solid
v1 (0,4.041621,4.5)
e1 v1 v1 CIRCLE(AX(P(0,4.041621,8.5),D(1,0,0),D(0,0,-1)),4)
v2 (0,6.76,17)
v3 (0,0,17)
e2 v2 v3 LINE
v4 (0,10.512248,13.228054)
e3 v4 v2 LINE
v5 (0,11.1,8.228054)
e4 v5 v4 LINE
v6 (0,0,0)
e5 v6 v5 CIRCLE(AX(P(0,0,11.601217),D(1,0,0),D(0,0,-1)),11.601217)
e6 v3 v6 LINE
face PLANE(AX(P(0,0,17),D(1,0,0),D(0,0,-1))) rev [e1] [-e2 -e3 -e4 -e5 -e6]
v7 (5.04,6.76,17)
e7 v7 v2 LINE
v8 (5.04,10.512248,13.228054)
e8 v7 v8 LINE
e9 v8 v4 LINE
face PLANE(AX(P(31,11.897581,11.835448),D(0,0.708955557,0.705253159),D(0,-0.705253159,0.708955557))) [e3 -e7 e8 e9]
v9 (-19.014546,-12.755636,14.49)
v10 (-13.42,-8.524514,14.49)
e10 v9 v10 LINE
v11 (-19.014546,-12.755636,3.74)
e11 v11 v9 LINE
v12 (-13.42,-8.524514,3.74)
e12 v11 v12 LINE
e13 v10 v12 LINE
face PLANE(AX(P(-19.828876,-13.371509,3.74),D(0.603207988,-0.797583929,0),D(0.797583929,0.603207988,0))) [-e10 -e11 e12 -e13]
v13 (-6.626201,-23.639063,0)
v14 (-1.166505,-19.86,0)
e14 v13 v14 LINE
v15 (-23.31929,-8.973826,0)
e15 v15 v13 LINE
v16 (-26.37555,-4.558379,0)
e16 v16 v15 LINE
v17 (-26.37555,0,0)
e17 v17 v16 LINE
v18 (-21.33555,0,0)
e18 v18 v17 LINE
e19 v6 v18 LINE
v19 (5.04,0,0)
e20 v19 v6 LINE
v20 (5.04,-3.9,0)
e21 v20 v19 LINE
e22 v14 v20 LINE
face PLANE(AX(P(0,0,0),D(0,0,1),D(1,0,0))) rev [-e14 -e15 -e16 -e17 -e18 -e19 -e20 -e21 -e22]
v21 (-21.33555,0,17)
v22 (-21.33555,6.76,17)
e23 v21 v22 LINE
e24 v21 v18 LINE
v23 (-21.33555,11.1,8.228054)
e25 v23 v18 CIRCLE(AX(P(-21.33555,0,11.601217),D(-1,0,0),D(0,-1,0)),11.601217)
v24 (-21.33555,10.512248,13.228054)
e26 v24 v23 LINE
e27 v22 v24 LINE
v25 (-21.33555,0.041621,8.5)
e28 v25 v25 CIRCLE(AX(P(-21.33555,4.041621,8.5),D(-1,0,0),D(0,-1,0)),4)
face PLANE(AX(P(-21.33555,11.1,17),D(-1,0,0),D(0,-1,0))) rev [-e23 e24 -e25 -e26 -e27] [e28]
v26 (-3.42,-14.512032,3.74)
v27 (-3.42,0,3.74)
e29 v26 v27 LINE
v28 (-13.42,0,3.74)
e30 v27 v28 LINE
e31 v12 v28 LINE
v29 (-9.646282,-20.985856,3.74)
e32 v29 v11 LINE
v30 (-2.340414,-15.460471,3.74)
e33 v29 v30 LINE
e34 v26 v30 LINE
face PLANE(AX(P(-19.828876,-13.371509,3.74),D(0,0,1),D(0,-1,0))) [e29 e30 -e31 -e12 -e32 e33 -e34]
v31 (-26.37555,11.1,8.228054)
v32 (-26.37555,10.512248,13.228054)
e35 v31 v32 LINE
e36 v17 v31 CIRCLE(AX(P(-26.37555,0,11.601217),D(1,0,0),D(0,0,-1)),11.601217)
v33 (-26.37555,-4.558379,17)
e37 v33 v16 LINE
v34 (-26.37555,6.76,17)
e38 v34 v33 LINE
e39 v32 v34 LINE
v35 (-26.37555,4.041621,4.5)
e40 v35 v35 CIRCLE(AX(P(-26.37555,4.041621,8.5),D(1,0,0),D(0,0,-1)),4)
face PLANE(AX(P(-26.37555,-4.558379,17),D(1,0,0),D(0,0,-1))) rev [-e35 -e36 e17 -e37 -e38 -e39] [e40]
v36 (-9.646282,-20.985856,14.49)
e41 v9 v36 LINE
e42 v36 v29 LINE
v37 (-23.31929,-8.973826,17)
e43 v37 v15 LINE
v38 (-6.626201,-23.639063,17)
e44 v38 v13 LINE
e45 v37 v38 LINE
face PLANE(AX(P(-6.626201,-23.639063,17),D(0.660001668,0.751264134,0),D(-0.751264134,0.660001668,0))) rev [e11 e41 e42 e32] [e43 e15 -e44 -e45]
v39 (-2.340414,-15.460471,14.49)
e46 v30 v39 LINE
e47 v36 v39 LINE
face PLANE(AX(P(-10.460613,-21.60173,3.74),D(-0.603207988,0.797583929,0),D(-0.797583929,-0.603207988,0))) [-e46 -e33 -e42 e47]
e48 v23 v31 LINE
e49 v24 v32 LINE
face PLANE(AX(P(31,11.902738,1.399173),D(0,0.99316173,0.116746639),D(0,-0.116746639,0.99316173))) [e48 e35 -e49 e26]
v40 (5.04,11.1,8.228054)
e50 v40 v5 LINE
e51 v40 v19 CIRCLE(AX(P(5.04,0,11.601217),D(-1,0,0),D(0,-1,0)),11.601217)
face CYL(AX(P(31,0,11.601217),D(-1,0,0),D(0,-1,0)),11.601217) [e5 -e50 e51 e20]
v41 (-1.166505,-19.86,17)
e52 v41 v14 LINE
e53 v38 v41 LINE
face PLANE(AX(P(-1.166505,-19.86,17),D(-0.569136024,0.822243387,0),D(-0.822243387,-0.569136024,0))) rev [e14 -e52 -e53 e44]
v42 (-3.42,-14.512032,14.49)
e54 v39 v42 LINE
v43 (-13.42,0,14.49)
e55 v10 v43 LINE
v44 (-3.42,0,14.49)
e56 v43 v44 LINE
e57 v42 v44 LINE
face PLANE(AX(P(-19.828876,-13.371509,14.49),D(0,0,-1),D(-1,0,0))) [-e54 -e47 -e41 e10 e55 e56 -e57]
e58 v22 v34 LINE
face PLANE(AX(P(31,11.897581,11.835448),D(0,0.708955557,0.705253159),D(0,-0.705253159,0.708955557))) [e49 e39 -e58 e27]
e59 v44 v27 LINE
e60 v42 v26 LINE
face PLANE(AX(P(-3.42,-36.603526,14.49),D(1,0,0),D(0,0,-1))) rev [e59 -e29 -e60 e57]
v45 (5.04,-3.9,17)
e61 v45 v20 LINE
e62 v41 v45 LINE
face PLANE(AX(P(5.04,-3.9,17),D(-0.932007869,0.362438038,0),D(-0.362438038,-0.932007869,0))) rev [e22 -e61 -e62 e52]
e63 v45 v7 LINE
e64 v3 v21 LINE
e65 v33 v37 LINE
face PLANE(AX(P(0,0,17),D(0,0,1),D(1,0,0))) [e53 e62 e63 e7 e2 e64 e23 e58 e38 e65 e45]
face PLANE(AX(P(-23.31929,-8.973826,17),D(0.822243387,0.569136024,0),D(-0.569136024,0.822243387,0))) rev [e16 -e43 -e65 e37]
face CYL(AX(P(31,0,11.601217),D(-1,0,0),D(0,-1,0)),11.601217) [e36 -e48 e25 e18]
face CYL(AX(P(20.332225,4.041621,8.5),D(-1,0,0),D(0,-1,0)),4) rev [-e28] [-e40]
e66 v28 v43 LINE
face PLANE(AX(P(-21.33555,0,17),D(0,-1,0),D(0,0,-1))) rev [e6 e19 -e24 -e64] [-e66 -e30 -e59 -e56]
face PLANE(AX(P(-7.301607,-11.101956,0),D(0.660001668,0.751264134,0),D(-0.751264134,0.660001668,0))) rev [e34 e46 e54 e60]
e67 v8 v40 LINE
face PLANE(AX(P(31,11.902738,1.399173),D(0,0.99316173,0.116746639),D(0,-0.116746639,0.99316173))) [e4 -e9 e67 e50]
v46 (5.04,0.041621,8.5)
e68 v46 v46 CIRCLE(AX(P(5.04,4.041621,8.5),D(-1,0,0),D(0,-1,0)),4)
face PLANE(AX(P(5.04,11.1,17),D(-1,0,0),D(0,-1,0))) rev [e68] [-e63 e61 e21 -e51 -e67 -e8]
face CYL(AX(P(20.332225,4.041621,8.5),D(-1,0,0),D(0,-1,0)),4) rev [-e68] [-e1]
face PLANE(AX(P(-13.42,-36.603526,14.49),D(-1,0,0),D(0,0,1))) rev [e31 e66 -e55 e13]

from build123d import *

# Parameters (mm, degrees)
BOSS_EXTRUDE1_DEPTH = 17
CUT_EXTRUDE1_DEPTH  = 31
SKETCH3_W           = 12.47
SKETCH3_H           = 10.75
CUT_EXTRUDE2_REACH  = 25.639
SKETCH6_W           = 10
SKETCH6_H           = 10.75
SKETCH7_R           = 4
CUT_EXTRUDE3_DEPTH  = 31


with BuildPart() as part:
    # Sketch1 → Boss-Extrude1 (new body)
    with BuildSketch(Plane.XY):
        Polygon((0, 0), (0, 11.1), (5.04, 11.1), (5.04, -3.9), (-1.16650456, -19.86), (-6.626200647, -23.639063196), (-23.319289693, -8.973826134), (-26.37555014, -4.558379149), (-26.37555014, 11.1), (-21.33555014, 11.1), (-21.33555014, 0), align=None)
    extrude(amount=BOSS_EXTRUDE1_DEPTH)

    # Sketch2 → Cut-Extrude1 (cut, symmetric)
    with BuildSketch(Plane.ZY):
        Polygon((8.228054067, 11.1), (17, 11.1), (17, 12.88110255), (0, 12.88110255), (0, 11.1), align=None)
        with BuildLine():
            ThreePointArc((0, 0), (2.28131811, 6.908525055), (8.228054067, 11.1))
            Line((8.228054067, 11.1), (0, 11.1))
            Line((0, 11.1), (0, 0))
        make_face()
        Polygon((13.228054067, 10.512247596), (17, 6.76), (17, 11.1), (8.228054067, 11.1), align=None)
    extrude(amount=CUT_EXTRUDE1_DEPTH, both=True, mode=Mode.SUBTRACT)

    # Cut-Sweep1: sweep along a path in Sketch5
    with BuildLine(Plane.XY.offset(7)) as cut_sweep1_path:
        Line((-11.079626433, -19.726633046), (-3.773757644, -14.201247879))
    # Sketch3 → Cut-Sweep1 (sweep, cut)
    with BuildSketch(Plane(origin=(-14.60747623, -16.627341271, 0), x_dir=(-0.751264134, 0.660001668, 0), z_dir=(-0.660001668, -0.751264134, 0))):
        with Locations((-0.368794251, -9.115)):
            Rectangle(SKETCH3_W, SKETCH3_H)
    sweep(path=cut_sweep1_path.line, mode=Mode.SUBTRACT)

    # Cut-Extrude2: up to this face of the body (flat: up to its plane)
    cut_extrude2_end = Plane(part.part.faces().sort_by_distance((-5.99334807, -18.223163907, 9.115))[0])
    # Sketch6 → Cut-Extrude2 (cut, up to the picked face)
    with BuildSketch(Plane(origin=(0, 0, 0), x_dir=(1, 0, 0), z_dir=(0, 1, 0)), mode=Mode.PRIVATE) as cut_extrude2_sk1:
        with Locations((-8.42, -9.115)):
            Rectangle(SKETCH6_W, SKETCH6_H)
    cut_extrude2_tool1 = split(extrude(cut_extrude2_sk1.sketch, amount=-CUT_EXTRUDE2_REACH, mode=Mode.PRIVATE), bisect_by=cut_extrude2_end, keep=Keep.BOTH, mode=Mode.PRIVATE)
    add(cut_extrude2_tool1.solids().sort_by_distance((-8.42, 0, 9.115))[0], mode=Mode.SUBTRACT)

    # Sketch7 → Cut-Extrude3 (cut, symmetric)
    with BuildSketch(Plane.ZY.offset(10.66777507)):
        with Locations((8.5, 4.041620851)):
            Circle(SKETCH7_R)
    extrude(amount=CUT_EXTRUDE3_DEPTH, both=True, mode=Mode.SUBTRACT)


solid = part.part
